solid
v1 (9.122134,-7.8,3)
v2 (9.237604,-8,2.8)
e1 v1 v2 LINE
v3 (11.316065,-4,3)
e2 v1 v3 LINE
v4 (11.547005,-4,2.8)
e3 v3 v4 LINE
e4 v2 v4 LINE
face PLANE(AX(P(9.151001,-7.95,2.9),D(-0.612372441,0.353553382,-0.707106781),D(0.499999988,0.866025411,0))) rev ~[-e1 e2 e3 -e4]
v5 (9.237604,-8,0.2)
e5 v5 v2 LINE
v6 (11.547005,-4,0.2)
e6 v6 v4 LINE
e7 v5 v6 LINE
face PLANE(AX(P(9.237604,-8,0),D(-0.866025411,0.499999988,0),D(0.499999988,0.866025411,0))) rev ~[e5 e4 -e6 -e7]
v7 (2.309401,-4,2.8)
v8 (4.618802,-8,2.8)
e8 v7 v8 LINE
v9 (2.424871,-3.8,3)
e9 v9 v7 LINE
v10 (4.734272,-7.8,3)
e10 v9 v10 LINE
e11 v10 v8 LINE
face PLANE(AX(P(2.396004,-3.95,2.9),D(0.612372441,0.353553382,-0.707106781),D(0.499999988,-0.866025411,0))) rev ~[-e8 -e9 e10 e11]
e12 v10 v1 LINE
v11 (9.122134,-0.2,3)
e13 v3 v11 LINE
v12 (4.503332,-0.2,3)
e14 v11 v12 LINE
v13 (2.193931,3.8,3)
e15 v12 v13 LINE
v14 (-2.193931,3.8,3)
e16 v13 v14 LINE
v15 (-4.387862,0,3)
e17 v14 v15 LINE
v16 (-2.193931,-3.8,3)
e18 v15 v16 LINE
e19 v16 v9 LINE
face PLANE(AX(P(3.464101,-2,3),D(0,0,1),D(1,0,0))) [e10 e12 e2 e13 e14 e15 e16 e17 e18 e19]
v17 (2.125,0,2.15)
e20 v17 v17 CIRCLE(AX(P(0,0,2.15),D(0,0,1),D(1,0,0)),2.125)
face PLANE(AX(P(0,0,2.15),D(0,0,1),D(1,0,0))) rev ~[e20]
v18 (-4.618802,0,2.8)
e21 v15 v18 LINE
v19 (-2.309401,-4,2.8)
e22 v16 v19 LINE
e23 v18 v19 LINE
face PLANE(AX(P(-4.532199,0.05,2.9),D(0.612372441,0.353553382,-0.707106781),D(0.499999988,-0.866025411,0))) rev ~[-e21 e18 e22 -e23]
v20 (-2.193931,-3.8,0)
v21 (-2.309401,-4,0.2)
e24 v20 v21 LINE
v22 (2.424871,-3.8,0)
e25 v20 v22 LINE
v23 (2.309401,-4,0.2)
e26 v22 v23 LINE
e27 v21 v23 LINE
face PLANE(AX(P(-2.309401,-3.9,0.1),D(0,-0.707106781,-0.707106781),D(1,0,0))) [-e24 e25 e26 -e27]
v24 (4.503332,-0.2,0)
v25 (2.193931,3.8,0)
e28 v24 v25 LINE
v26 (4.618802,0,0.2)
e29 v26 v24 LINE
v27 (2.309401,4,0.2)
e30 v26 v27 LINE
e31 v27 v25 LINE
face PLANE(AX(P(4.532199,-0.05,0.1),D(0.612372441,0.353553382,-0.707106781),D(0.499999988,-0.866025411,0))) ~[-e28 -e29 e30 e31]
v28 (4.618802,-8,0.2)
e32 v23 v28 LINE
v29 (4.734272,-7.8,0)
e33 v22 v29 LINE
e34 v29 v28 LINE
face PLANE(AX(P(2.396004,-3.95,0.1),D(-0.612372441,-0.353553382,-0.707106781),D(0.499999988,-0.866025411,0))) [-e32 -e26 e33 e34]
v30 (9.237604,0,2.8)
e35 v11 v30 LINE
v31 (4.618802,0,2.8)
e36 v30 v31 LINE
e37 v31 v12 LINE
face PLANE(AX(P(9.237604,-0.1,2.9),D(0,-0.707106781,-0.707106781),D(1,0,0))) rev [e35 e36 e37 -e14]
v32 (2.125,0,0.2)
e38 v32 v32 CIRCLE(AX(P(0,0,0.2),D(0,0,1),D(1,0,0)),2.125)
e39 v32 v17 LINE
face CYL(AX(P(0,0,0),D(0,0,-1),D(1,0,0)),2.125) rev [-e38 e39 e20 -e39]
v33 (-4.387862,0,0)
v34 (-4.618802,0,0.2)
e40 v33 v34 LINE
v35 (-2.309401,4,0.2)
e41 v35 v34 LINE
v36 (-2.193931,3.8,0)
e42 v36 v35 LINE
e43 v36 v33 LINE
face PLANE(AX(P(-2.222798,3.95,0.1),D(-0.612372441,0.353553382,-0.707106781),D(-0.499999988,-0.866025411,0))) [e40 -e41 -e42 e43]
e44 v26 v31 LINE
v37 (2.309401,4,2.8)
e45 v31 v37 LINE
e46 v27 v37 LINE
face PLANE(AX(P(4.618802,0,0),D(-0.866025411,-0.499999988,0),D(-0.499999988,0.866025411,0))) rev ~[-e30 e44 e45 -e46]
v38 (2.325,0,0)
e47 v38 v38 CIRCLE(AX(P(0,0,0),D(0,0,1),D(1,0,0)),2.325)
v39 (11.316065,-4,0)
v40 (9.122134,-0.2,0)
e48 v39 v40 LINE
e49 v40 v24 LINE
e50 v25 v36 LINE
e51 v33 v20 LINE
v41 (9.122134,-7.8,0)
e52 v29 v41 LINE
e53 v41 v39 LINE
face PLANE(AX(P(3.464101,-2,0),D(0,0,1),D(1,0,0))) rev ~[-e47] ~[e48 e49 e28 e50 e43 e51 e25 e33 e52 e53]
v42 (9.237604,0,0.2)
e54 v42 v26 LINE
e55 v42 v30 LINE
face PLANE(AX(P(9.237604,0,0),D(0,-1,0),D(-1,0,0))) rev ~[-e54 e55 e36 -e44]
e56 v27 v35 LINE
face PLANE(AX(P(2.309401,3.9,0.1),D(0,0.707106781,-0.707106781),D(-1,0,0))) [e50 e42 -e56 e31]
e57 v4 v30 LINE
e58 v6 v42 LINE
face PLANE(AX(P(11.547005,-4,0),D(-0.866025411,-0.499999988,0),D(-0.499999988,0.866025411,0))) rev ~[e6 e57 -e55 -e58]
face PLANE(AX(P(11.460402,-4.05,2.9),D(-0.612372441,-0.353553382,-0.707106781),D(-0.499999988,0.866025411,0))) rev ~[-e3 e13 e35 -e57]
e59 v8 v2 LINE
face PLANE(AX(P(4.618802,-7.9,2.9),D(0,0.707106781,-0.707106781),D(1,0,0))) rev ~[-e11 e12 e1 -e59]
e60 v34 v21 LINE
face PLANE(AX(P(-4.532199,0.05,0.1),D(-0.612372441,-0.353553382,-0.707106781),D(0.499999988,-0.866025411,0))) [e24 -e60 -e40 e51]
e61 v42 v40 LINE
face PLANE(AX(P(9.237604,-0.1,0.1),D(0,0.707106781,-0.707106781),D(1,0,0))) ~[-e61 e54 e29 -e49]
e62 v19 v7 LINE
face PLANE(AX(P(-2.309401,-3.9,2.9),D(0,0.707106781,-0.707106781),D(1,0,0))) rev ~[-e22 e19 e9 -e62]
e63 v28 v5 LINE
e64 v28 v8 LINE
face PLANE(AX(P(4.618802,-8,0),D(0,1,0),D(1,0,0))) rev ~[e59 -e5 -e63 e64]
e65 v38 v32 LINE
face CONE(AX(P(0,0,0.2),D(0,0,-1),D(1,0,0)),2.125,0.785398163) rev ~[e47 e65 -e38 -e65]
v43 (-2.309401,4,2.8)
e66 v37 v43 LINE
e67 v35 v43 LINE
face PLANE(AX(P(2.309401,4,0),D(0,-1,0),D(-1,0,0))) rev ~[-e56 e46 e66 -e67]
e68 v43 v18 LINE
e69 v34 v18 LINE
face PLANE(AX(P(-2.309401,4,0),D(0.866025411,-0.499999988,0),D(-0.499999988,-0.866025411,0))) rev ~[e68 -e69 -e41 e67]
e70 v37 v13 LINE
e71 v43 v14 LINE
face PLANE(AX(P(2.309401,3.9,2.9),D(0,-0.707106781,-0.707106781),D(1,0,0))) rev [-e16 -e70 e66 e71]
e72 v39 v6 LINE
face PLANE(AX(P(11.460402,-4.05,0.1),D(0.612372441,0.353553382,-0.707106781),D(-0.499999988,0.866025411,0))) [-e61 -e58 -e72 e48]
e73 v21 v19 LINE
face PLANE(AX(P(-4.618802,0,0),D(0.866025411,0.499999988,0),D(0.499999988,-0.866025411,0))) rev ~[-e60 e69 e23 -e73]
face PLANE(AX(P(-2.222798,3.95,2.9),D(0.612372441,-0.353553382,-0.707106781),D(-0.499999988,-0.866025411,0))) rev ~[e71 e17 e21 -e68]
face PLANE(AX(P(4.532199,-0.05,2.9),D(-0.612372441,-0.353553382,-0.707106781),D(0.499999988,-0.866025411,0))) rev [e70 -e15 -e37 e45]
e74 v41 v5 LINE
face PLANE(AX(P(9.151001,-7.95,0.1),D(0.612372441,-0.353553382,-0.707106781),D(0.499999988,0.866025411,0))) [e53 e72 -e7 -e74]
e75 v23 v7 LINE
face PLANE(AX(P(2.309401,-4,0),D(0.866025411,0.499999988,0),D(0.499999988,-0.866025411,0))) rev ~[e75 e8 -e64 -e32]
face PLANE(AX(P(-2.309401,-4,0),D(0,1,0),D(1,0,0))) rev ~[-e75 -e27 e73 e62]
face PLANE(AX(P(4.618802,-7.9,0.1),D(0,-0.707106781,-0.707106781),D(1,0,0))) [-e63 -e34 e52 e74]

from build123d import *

# Parameters (mm, degrees)
PAD_DEPTH       = 3
SKETCH001_R     = 2.125
POCKET_DEPTH    = 2.15
CHAMFER_SIZE    = 0.2
CHAMFER001_SIZE = 0.2


with BuildPart() as part:
    # Sketch → Pad (new body)
    with BuildSketch(Plane.XY):
        Polygon((4.618802, 0), (2.309401, 4), (-2.309401, 4), (-4.618802, 0), (-2.309401, -4), (2.309401, -4), (4.618802, -8), (9.237604, -8), (11.547005, -4), (9.237604, 0), align=None)
    extrude(amount=PAD_DEPTH)

    # Sketch001 → Pocket (cut)
    with BuildSketch(Plane.XY):
        Circle(SKETCH001_R)
    extrude(amount=POCKET_DEPTH, mode=Mode.SUBTRACT)

    # Chamfer
    chamfer_edges = [part.edges().sort_by_distance(p)[0] for p in [
        (3.464102, 2, 3),
        (0, 4, 3),
        (-3.464102, 2, 3),
        (-3.464102, -2, 3),
        (0, -4, 3),
        (3.464102, -6, 3),
        (6.928203, -8, 3),
        (10.392305, -6, 3),
        (10.392305, -2, 3),
        (6.928203, 0, 3),
    ]]
    chamfer(chamfer_edges, length=CHAMFER_SIZE)

    # Chamfer001
    chamfer001_edges = [part.edges().sort_by_distance(p)[0] for p in [
        (3.464102, 2, 0),
        (6.928203, 0, 0),
        (0, 4, 0),
        (10.392305, -2, 0),
        (-3.464102, 2, 0),
        (10.392305, -6, 0),
        (-3.464102, -2, 0),
        (6.928203, -8, 0),
        (0, -4, 0),
        (3.464102, -6, 0),
        (-2.125, 0, 0),
    ]]
    chamfer(chamfer001_edges, length=CHAMFER001_SIZE)


solid = part.part
